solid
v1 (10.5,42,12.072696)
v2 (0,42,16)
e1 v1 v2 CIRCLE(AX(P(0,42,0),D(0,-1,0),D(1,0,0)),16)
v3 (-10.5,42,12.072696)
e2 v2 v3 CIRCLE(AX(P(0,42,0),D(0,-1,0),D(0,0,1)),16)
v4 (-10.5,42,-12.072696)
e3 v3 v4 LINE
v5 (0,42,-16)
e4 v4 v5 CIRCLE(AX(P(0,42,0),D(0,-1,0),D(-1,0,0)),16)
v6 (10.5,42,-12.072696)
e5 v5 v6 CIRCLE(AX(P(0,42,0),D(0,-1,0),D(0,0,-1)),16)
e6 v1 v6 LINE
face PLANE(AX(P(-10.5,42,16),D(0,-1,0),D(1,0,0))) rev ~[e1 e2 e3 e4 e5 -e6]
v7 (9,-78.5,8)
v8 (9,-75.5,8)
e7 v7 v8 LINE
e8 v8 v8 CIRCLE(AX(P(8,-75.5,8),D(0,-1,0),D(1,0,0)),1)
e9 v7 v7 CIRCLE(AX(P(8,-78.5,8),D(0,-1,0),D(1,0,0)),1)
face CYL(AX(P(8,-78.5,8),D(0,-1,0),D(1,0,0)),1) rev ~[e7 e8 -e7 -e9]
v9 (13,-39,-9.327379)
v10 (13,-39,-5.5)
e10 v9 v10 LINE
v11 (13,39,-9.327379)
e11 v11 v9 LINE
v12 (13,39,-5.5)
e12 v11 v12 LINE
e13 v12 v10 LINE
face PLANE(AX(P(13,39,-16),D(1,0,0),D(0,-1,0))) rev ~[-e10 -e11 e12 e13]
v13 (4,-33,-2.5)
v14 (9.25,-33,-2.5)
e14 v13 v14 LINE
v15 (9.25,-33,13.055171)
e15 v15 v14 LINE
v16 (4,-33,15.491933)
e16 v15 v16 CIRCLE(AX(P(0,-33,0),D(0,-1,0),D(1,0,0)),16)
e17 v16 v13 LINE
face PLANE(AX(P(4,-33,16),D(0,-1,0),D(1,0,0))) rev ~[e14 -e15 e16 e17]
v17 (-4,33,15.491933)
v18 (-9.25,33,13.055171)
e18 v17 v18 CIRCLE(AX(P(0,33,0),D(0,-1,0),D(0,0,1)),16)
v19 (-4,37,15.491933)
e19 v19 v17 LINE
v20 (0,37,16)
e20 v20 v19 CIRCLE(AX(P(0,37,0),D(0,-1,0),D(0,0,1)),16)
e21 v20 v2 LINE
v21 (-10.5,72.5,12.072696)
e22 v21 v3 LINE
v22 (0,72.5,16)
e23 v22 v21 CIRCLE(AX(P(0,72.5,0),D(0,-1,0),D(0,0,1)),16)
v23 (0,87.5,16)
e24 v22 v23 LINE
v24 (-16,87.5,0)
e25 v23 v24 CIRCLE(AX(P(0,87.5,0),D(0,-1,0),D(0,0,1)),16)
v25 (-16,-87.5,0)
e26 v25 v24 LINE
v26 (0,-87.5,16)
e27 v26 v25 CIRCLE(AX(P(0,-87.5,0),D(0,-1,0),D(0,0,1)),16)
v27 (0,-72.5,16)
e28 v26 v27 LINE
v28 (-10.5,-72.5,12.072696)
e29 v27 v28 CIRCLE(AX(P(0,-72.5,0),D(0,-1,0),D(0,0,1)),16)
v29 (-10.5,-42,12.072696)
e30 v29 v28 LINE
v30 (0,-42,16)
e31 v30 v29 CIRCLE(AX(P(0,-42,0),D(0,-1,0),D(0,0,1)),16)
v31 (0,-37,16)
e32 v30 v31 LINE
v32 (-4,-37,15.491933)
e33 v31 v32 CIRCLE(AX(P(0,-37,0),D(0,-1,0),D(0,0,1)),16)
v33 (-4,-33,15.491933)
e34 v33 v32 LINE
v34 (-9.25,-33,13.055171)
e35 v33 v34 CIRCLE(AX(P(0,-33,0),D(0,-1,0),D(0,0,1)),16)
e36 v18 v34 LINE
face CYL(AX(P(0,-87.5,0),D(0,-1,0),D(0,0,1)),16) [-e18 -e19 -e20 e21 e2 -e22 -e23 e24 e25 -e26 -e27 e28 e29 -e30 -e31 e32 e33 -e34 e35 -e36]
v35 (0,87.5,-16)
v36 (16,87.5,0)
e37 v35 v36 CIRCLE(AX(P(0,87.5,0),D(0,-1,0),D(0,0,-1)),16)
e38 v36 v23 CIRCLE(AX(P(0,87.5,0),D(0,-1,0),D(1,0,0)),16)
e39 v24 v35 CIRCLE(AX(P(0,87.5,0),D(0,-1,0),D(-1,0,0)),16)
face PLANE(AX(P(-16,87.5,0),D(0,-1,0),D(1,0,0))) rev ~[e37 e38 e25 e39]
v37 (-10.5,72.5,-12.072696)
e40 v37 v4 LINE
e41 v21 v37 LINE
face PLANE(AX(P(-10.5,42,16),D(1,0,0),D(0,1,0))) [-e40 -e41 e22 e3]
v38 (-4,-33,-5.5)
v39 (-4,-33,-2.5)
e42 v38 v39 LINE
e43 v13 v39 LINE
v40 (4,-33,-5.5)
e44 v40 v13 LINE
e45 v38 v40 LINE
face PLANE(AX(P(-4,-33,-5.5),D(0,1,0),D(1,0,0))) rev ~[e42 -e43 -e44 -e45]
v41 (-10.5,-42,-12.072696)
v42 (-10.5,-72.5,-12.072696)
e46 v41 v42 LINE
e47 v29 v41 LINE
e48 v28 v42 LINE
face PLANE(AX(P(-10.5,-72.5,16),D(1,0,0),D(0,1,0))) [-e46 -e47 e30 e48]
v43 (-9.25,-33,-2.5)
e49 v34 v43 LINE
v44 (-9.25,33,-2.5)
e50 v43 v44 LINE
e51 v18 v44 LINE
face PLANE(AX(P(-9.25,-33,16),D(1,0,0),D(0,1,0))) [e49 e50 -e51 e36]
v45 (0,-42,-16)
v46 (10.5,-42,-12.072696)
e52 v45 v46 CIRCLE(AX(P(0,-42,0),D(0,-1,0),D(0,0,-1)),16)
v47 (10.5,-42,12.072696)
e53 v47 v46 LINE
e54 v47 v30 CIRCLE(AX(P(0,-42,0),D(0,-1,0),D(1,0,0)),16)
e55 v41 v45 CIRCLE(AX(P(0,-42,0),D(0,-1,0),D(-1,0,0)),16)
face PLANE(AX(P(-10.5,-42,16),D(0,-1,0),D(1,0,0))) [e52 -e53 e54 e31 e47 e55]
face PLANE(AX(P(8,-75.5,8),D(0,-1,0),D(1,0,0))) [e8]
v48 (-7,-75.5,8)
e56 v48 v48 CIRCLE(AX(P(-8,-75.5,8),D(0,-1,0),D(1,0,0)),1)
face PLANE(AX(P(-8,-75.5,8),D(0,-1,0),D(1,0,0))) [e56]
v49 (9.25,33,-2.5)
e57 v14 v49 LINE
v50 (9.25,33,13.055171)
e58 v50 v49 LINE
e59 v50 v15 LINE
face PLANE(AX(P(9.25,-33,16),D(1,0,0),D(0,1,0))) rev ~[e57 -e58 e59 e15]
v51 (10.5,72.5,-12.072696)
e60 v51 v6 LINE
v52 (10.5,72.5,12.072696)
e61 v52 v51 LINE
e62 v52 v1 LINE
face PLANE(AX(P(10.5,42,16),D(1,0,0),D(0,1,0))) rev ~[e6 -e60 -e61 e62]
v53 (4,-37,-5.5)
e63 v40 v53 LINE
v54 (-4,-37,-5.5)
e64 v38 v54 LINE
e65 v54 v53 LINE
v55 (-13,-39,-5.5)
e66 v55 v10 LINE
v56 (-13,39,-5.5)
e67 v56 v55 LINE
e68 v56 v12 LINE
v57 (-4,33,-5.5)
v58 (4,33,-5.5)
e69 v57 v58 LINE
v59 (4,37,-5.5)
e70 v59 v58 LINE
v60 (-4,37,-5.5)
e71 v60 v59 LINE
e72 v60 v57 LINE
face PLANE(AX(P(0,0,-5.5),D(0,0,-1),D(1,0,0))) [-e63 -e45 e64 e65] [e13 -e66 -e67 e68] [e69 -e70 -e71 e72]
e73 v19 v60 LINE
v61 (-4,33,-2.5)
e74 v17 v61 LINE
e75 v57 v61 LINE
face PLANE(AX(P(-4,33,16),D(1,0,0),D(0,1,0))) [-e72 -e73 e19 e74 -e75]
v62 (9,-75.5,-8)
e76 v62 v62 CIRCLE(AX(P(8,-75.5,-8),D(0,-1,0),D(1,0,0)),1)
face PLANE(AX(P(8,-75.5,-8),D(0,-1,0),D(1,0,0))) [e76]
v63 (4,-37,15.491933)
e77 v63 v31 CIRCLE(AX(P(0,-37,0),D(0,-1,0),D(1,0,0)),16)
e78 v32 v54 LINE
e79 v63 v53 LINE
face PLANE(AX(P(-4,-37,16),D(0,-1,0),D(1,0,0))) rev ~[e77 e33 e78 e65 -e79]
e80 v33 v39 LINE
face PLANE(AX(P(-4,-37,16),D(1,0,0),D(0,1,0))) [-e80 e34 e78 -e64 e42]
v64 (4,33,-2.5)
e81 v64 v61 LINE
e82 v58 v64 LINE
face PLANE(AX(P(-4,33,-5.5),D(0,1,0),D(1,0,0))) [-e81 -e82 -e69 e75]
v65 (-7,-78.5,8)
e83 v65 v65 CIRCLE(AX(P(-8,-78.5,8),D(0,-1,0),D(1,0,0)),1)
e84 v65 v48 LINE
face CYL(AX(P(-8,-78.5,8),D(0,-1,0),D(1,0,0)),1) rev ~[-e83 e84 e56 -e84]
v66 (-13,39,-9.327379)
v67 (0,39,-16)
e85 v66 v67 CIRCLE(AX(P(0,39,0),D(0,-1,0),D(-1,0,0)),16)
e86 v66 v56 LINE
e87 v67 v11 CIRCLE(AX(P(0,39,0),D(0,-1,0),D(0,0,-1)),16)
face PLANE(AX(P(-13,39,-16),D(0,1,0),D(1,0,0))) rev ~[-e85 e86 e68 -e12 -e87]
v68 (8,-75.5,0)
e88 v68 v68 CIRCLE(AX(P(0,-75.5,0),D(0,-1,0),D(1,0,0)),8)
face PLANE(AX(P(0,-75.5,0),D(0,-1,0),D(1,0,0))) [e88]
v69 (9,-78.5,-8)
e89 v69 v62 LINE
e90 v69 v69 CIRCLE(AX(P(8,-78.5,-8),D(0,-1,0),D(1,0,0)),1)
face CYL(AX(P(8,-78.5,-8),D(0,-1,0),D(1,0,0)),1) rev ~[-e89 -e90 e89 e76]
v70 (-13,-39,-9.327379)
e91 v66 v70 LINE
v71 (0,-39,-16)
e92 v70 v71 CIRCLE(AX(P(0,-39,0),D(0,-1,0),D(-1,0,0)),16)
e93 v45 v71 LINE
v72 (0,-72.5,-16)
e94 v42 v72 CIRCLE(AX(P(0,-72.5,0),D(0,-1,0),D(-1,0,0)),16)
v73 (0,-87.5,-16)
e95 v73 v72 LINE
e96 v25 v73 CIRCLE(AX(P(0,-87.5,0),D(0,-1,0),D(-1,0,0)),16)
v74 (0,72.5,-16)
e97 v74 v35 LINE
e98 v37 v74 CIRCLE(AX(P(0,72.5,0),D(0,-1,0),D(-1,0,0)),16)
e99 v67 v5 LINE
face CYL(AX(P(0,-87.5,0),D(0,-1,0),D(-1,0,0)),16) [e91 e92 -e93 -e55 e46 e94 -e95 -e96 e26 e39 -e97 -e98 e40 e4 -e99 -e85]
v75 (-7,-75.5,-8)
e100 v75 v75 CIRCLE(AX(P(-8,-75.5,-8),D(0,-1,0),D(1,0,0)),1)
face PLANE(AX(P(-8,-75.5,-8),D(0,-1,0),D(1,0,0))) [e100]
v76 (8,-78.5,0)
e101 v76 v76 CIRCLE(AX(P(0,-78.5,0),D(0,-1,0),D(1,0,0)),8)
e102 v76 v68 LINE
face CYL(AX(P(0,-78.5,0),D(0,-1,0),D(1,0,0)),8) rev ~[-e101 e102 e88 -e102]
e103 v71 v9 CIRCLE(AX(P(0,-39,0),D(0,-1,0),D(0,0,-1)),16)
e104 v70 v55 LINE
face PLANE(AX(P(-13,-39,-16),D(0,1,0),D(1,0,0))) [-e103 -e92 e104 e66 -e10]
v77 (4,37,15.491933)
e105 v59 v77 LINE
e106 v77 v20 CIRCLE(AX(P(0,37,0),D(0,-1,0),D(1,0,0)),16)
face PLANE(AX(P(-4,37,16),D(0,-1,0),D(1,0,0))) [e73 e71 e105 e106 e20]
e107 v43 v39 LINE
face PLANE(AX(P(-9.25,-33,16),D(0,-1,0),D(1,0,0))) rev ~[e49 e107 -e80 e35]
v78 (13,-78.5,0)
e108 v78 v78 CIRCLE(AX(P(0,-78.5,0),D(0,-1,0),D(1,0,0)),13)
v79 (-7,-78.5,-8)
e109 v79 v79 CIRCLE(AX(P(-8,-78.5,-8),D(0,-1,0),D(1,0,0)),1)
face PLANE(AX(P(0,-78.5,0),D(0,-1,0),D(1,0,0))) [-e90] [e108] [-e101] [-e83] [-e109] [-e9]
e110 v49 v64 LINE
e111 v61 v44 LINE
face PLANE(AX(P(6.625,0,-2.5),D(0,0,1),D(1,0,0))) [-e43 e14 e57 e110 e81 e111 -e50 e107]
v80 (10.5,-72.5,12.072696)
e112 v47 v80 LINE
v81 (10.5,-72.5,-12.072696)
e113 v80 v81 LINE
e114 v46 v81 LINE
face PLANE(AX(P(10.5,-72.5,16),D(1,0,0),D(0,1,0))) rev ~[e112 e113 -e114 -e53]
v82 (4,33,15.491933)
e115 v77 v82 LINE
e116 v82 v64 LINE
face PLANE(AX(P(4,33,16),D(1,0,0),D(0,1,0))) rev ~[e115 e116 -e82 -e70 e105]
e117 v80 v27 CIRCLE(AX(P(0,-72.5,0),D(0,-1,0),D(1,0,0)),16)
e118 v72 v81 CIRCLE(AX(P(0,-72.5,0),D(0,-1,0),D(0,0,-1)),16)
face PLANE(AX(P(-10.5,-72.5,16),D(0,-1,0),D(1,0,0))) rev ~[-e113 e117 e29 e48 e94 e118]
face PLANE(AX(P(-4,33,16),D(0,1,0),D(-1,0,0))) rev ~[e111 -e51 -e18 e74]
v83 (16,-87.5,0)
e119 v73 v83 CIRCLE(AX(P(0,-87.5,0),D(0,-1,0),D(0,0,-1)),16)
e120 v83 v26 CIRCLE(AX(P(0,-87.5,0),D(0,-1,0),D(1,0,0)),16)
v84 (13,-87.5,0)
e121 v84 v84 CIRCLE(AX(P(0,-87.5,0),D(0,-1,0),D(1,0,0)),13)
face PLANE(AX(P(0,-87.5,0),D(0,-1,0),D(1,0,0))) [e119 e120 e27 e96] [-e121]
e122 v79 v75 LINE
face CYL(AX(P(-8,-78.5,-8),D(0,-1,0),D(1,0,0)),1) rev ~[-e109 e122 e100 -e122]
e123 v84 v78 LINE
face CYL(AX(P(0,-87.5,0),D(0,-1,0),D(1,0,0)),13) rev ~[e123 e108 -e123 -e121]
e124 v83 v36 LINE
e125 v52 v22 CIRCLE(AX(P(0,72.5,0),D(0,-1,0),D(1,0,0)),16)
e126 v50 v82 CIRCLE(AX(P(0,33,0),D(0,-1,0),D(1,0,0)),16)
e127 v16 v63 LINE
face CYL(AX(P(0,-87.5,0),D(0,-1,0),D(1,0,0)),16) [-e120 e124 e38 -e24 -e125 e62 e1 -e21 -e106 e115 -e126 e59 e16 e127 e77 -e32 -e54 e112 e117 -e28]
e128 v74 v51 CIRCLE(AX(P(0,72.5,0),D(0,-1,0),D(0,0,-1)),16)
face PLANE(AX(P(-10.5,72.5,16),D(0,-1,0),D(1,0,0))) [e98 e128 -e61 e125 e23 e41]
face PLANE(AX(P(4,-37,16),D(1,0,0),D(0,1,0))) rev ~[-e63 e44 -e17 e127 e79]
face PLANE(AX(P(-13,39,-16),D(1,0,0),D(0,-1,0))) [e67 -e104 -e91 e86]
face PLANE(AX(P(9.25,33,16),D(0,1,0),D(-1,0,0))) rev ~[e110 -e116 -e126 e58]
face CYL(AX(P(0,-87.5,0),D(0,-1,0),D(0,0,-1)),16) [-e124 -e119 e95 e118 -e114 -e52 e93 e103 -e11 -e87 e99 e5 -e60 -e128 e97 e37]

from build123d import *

# Parameters (mm, degrees)
F5_W      = 32
F5_H      = 175
F6_DEPTH  = 16
F7_W      = 21
F7_H      = 30.5
F8_DEPTH  = 32.001
F9_W      = 5.25
F9_H      = 66
F9_W_2    = 8
F9_H_2    = 4
F10_DEPTH = 18.5
F12_W     = 26
F12_H     = 78
F13_DEPTH = 10.5
F14_DEPTH = 175.001
F15_W     = 8
F15_H     = 4
F16_DEPTH = 21.501
F17_R     = 13
F18_DEPTH = 9
F19_R     = 1
F19_R_2   = 8
F20_DEPTH = 3


with BuildPart() as f6:
    # F5 (on Top) → F6 (new body, symmetric)
    with BuildSketch(Plane.XY):
        Rectangle(F5_W, F5_H)
    extrude(amount=F6_DEPTH, both=True)

    # F7 (on face) → F8 (cut, through all)
    with BuildSketch(Plane.XY.offset(16)):
        with Locations((0, 57.25)):
            Rectangle(F7_W, F7_H)
        with Locations((0, -57.25)):
            Rectangle(F7_W, F7_H)
    extrude(amount=-F8_DEPTH, mode=Mode.SUBTRACT)

    # F9 (on face) → F10 (cut)
    with BuildSketch(Plane.XY.offset(16)):
        with Locations((6.625, 0)):
            Rectangle(F9_W, F9_H)
        Rectangle(F9_W_2, F9_H)
        with Locations((-6.625, 0)):
            Rectangle(F9_W, F9_H)
        with Locations((0, 35)):
            Rectangle(F9_W_2, F9_H_2)
        with Locations((0, -35)):
            Rectangle(F9_W_2, F9_H_2)
    extrude(amount=-F10_DEPTH, mode=Mode.SUBTRACT)

    # F12 (on face) → F13 (cut)
    with BuildSketch(Plane(origin=(0, 0, -16), x_dir=(1, 0, 0), z_dir=(0, 0, -1))):
        Rectangle(F12_W, F12_H)
    extrude(amount=-F13_DEPTH, mode=Mode.SUBTRACT)

    # F11 (on face) → F14 (intersect, through all)
    with BuildSketch(Plane.XZ.offset(87.5)):
        with BuildLine():
            ThreePointArc((0, -16), (11.313708499, -11.313708499), (16, 0))
            ThreePointArc((16, 0), (11.313708499, 11.313708499), (0, 16))
            ThreePointArc((0, 16), (-11.313708499, 11.313708499), (-16, 0))
            ThreePointArc((-16, 0), (-11.313708499, -11.313708499), (0, -16))
        make_face()
    extrude(amount=-F14_DEPTH, mode=Mode.INTERSECT)

    # F15 (on face) → F16 (cut, through all)
    with BuildSketch(Plane(origin=(0, 0, -5.5), x_dir=(1, 0, 0), z_dir=(0, 0, -1))):
        with Locations((0, 35)):
            Rectangle(F15_W, F15_H)
        with Locations((0, -35)):
            Rectangle(F15_W, F15_H)
    extrude(amount=-F16_DEPTH, mode=Mode.SUBTRACT)

    # F17 (on face) → F18 (cut)
    with BuildSketch(Plane.XZ.offset(87.5)):
        Circle(F17_R)
    extrude(amount=-F18_DEPTH, mode=Mode.SUBTRACT)

    # F19 (on face) → F20 (cut)
    with BuildSketch(Plane.XZ.offset(78.5)):
        with Locations((8, -8)):
            Circle(F19_R)
        with Locations((-8, -8)):
            Circle(F19_R)
        with Locations((-8, 8)):
            Circle(F19_R)
        with Locations((8, 8)):
            Circle(F19_R)
        Circle(F19_R_2)
    extrude(amount=-F20_DEPTH, mode=Mode.SUBTRACT)


solid = f6.part
